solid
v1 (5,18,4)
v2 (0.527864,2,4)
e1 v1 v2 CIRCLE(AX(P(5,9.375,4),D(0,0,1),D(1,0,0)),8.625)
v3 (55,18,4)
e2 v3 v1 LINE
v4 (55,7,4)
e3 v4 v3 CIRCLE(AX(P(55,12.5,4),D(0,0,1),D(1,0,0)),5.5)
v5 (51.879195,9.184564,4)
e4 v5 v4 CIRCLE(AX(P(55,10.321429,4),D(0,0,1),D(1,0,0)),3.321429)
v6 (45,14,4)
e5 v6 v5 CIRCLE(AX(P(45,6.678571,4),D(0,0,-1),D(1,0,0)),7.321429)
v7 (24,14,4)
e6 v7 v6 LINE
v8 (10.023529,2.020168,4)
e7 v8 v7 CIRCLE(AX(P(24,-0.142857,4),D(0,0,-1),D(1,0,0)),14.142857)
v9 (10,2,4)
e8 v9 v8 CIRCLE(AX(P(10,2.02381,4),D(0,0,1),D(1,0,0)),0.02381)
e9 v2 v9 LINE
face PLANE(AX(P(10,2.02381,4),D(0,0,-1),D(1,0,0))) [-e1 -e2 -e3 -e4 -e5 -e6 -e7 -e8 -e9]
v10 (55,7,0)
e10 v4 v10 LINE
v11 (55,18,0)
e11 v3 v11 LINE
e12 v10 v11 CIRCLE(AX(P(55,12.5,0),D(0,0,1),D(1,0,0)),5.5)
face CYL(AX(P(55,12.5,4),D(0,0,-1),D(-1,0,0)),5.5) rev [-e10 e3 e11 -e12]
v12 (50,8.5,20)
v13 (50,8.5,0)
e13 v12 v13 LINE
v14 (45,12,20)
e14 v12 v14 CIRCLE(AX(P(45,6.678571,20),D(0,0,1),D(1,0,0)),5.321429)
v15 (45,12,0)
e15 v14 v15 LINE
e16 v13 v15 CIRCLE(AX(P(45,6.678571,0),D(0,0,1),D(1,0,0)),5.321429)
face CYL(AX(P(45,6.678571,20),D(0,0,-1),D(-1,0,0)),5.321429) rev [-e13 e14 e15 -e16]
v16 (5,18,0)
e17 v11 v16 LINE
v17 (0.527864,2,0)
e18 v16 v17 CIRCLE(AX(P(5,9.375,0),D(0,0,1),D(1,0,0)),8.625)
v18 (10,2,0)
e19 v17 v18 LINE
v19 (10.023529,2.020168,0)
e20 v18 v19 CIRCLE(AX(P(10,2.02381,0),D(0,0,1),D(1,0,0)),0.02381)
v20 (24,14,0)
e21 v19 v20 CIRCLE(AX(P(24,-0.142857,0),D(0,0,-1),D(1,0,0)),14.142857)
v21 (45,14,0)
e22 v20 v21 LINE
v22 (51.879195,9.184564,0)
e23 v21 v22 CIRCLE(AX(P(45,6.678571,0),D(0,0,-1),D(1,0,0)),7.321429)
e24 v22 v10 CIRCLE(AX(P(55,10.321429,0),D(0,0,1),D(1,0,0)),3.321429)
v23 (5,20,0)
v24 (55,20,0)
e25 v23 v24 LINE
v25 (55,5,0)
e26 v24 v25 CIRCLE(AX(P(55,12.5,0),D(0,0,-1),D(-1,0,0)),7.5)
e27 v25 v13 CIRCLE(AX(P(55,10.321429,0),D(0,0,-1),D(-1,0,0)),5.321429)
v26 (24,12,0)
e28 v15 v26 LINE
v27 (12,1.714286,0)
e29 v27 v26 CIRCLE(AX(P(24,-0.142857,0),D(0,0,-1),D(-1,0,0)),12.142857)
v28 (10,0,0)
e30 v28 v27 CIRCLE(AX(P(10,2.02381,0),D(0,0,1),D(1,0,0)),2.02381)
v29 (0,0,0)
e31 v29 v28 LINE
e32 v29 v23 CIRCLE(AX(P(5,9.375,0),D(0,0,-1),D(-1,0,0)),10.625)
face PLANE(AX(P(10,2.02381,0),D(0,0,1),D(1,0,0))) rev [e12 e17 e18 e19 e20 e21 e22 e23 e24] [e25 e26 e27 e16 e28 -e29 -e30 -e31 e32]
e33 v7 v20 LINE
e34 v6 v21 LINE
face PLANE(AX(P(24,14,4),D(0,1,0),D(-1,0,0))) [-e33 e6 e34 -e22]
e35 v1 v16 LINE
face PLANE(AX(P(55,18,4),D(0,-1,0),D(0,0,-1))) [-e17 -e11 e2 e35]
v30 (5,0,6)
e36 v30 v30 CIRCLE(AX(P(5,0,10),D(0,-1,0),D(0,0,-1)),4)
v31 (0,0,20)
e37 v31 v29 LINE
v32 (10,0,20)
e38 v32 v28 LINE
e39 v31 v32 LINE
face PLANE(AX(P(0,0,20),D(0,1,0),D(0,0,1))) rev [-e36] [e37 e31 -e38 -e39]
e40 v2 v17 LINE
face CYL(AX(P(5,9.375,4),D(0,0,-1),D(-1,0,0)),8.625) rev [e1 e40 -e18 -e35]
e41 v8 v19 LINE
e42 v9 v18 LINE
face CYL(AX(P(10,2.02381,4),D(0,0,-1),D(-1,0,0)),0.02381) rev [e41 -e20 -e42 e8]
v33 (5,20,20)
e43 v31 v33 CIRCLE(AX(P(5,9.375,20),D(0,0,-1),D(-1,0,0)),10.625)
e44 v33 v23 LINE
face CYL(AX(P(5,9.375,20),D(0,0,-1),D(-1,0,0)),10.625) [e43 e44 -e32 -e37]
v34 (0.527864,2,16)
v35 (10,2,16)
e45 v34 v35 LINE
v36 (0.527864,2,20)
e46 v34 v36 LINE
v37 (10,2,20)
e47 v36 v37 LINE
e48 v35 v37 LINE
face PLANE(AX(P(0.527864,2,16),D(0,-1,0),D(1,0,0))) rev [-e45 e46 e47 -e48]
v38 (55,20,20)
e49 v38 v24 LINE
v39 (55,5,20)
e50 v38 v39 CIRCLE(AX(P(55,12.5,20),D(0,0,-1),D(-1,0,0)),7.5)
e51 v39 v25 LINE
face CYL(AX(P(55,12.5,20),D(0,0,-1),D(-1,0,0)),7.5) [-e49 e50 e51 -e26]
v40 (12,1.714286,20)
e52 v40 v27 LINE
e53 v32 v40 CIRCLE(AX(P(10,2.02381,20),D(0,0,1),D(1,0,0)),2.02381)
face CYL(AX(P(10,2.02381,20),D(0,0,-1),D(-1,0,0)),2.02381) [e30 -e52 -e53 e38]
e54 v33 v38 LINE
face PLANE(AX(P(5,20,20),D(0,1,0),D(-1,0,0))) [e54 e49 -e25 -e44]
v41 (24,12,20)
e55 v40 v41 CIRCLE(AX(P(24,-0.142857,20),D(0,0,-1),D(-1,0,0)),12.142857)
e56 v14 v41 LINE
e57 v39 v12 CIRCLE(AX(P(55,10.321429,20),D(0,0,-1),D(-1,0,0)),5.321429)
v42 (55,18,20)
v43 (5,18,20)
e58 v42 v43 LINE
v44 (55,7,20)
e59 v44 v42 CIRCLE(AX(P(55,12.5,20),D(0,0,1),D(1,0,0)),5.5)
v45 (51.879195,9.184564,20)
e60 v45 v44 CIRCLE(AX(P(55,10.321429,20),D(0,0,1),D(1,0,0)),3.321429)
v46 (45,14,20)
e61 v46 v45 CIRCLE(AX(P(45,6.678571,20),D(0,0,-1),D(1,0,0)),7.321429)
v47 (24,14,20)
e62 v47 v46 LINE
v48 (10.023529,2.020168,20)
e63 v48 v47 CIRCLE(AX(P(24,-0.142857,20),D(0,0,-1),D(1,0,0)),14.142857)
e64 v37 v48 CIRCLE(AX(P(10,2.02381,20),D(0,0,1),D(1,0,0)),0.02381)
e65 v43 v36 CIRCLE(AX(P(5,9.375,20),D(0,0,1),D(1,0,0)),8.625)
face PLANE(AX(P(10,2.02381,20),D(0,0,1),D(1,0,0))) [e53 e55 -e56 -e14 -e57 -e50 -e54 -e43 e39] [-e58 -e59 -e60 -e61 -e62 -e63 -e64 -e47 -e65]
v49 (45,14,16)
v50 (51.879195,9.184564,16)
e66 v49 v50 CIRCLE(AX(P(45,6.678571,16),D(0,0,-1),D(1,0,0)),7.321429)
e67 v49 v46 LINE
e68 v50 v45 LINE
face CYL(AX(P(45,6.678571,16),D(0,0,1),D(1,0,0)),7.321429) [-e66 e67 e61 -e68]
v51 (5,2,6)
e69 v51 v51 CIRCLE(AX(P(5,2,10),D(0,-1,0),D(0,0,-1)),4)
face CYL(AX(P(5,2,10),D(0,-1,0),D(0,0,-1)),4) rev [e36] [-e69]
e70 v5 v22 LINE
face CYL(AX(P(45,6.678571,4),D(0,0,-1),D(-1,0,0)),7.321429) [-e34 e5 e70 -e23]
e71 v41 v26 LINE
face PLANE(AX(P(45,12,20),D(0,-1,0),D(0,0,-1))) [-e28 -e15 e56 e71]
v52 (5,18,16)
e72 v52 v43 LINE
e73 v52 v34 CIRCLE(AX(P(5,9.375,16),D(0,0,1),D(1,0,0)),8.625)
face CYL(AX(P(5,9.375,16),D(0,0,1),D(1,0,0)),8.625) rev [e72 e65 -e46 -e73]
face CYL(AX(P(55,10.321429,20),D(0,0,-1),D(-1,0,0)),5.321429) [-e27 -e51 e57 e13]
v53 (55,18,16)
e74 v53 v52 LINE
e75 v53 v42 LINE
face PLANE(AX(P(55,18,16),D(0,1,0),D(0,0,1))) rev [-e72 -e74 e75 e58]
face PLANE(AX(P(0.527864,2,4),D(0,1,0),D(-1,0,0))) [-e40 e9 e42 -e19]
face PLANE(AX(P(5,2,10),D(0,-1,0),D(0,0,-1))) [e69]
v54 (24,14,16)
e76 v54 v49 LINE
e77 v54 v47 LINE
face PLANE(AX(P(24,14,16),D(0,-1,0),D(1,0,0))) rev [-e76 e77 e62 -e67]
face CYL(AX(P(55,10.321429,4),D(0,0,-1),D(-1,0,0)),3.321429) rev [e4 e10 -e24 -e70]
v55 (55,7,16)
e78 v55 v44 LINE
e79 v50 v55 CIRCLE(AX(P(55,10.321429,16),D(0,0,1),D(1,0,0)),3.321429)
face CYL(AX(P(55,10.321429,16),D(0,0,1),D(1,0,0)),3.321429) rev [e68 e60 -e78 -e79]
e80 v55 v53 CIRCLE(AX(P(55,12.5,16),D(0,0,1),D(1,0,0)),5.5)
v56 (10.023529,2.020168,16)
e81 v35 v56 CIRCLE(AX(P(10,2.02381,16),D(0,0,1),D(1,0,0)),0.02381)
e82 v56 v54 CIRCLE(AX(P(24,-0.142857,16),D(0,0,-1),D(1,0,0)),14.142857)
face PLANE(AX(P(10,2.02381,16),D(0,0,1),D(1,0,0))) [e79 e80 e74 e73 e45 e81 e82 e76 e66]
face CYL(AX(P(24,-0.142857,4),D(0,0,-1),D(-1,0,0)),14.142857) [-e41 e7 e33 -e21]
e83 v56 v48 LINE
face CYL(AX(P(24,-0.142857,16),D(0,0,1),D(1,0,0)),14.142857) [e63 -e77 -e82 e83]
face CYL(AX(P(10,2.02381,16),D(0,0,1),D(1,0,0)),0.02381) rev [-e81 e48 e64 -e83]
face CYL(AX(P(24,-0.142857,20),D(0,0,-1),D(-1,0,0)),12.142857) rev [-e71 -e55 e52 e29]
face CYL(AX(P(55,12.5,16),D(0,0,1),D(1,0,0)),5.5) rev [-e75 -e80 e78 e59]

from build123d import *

# Parameters (mm, degrees)
BOSS_EXTRUDE1_DEPTH = 20
CUT_EXTRUDE1_DEPTH  = 4
SKETCH4_R           = 4
CUT_EXTRUDE2_DEPTH  = 2


with BuildPart() as part:
    # Sketch1 → Boss-Extrude1 (new body)
    with BuildSketch(Plane.XY):
        with BuildLine():
            Line((0, 0), (10, 0))
            ThreePointArc((10, 0), (11.31707778, 0.487218781), (12, 1.714285714))
            ThreePointArc((12, 1.714285714), (16.097533322, 9.076687314), (24, 12))
            Line((24, 12), (45, 12))
            ThreePointArc((45, 12), (48.051638904, 11.038055577), (50, 8.5))
            ThreePointArc((50, 8.5), (51.948361096, 5.961944423), (55, 5))
            ThreePointArc((55, 5), (62.5, 12.5), (55, 20))
            Line((55, 20), (5, 20))
            ThreePointArc((5, 20), (-5.307764064, 11.951941016), (0, 0))
        make_face()
    extrude(amount=BOSS_EXTRUDE1_DEPTH)

    # Sketch3 → Cut-Extrude1 (cut)
    with BuildSketch(Plane.XY.offset(20)):
        with BuildLine():
            Line((24, 14), (45, 14))
            ThreePointArc((45, 14), (49.198563593, 12.676519418), (51.879194631, 9.184563758))
            ThreePointArc((51.879194631, 9.184563758), (53.095285785, 7.600408264), (55, 7))
            ThreePointArc((55, 7), (60.5, 12.5), (55, 18))
            Line((55, 18), (5, 18))
            ThreePointArc((5, 18), (-3.306623863, 11.696771953), (0.527864045, 2))
            Line((0.527864045, 2), (10, 2))
            ThreePointArc((10, 2), (10.015495033, 2.005731986), (10.023529412, 2.020168067))
            ThreePointArc((10.023529412, 2.020168067), (14.795950575, 10.595200519), (24, 14))
        make_face()
    cut_extrude1 = extrude(amount=-CUT_EXTRUDE1_DEPTH, mode=Mode.SUBTRACT)

    # Mirror1: Cut-Extrude1 across plane
    add(cut_extrude1.mirror(Plane.XY.offset(10)), mode=Mode.SUBTRACT)

    # Sketch4 → Cut-Extrude2 (cut)
    with BuildSketch(Plane(origin=(0, 0, 0), x_dir=(-1, 0, 0), z_dir=(0, -1, 0))):
        with Locations(Location((-5, -10, 0), (0, 0, 90))):
            Circle(SKETCH4_R)
    extrude(amount=-CUT_EXTRUDE2_DEPTH, mode=Mode.SUBTRACT)


solid = part.part
